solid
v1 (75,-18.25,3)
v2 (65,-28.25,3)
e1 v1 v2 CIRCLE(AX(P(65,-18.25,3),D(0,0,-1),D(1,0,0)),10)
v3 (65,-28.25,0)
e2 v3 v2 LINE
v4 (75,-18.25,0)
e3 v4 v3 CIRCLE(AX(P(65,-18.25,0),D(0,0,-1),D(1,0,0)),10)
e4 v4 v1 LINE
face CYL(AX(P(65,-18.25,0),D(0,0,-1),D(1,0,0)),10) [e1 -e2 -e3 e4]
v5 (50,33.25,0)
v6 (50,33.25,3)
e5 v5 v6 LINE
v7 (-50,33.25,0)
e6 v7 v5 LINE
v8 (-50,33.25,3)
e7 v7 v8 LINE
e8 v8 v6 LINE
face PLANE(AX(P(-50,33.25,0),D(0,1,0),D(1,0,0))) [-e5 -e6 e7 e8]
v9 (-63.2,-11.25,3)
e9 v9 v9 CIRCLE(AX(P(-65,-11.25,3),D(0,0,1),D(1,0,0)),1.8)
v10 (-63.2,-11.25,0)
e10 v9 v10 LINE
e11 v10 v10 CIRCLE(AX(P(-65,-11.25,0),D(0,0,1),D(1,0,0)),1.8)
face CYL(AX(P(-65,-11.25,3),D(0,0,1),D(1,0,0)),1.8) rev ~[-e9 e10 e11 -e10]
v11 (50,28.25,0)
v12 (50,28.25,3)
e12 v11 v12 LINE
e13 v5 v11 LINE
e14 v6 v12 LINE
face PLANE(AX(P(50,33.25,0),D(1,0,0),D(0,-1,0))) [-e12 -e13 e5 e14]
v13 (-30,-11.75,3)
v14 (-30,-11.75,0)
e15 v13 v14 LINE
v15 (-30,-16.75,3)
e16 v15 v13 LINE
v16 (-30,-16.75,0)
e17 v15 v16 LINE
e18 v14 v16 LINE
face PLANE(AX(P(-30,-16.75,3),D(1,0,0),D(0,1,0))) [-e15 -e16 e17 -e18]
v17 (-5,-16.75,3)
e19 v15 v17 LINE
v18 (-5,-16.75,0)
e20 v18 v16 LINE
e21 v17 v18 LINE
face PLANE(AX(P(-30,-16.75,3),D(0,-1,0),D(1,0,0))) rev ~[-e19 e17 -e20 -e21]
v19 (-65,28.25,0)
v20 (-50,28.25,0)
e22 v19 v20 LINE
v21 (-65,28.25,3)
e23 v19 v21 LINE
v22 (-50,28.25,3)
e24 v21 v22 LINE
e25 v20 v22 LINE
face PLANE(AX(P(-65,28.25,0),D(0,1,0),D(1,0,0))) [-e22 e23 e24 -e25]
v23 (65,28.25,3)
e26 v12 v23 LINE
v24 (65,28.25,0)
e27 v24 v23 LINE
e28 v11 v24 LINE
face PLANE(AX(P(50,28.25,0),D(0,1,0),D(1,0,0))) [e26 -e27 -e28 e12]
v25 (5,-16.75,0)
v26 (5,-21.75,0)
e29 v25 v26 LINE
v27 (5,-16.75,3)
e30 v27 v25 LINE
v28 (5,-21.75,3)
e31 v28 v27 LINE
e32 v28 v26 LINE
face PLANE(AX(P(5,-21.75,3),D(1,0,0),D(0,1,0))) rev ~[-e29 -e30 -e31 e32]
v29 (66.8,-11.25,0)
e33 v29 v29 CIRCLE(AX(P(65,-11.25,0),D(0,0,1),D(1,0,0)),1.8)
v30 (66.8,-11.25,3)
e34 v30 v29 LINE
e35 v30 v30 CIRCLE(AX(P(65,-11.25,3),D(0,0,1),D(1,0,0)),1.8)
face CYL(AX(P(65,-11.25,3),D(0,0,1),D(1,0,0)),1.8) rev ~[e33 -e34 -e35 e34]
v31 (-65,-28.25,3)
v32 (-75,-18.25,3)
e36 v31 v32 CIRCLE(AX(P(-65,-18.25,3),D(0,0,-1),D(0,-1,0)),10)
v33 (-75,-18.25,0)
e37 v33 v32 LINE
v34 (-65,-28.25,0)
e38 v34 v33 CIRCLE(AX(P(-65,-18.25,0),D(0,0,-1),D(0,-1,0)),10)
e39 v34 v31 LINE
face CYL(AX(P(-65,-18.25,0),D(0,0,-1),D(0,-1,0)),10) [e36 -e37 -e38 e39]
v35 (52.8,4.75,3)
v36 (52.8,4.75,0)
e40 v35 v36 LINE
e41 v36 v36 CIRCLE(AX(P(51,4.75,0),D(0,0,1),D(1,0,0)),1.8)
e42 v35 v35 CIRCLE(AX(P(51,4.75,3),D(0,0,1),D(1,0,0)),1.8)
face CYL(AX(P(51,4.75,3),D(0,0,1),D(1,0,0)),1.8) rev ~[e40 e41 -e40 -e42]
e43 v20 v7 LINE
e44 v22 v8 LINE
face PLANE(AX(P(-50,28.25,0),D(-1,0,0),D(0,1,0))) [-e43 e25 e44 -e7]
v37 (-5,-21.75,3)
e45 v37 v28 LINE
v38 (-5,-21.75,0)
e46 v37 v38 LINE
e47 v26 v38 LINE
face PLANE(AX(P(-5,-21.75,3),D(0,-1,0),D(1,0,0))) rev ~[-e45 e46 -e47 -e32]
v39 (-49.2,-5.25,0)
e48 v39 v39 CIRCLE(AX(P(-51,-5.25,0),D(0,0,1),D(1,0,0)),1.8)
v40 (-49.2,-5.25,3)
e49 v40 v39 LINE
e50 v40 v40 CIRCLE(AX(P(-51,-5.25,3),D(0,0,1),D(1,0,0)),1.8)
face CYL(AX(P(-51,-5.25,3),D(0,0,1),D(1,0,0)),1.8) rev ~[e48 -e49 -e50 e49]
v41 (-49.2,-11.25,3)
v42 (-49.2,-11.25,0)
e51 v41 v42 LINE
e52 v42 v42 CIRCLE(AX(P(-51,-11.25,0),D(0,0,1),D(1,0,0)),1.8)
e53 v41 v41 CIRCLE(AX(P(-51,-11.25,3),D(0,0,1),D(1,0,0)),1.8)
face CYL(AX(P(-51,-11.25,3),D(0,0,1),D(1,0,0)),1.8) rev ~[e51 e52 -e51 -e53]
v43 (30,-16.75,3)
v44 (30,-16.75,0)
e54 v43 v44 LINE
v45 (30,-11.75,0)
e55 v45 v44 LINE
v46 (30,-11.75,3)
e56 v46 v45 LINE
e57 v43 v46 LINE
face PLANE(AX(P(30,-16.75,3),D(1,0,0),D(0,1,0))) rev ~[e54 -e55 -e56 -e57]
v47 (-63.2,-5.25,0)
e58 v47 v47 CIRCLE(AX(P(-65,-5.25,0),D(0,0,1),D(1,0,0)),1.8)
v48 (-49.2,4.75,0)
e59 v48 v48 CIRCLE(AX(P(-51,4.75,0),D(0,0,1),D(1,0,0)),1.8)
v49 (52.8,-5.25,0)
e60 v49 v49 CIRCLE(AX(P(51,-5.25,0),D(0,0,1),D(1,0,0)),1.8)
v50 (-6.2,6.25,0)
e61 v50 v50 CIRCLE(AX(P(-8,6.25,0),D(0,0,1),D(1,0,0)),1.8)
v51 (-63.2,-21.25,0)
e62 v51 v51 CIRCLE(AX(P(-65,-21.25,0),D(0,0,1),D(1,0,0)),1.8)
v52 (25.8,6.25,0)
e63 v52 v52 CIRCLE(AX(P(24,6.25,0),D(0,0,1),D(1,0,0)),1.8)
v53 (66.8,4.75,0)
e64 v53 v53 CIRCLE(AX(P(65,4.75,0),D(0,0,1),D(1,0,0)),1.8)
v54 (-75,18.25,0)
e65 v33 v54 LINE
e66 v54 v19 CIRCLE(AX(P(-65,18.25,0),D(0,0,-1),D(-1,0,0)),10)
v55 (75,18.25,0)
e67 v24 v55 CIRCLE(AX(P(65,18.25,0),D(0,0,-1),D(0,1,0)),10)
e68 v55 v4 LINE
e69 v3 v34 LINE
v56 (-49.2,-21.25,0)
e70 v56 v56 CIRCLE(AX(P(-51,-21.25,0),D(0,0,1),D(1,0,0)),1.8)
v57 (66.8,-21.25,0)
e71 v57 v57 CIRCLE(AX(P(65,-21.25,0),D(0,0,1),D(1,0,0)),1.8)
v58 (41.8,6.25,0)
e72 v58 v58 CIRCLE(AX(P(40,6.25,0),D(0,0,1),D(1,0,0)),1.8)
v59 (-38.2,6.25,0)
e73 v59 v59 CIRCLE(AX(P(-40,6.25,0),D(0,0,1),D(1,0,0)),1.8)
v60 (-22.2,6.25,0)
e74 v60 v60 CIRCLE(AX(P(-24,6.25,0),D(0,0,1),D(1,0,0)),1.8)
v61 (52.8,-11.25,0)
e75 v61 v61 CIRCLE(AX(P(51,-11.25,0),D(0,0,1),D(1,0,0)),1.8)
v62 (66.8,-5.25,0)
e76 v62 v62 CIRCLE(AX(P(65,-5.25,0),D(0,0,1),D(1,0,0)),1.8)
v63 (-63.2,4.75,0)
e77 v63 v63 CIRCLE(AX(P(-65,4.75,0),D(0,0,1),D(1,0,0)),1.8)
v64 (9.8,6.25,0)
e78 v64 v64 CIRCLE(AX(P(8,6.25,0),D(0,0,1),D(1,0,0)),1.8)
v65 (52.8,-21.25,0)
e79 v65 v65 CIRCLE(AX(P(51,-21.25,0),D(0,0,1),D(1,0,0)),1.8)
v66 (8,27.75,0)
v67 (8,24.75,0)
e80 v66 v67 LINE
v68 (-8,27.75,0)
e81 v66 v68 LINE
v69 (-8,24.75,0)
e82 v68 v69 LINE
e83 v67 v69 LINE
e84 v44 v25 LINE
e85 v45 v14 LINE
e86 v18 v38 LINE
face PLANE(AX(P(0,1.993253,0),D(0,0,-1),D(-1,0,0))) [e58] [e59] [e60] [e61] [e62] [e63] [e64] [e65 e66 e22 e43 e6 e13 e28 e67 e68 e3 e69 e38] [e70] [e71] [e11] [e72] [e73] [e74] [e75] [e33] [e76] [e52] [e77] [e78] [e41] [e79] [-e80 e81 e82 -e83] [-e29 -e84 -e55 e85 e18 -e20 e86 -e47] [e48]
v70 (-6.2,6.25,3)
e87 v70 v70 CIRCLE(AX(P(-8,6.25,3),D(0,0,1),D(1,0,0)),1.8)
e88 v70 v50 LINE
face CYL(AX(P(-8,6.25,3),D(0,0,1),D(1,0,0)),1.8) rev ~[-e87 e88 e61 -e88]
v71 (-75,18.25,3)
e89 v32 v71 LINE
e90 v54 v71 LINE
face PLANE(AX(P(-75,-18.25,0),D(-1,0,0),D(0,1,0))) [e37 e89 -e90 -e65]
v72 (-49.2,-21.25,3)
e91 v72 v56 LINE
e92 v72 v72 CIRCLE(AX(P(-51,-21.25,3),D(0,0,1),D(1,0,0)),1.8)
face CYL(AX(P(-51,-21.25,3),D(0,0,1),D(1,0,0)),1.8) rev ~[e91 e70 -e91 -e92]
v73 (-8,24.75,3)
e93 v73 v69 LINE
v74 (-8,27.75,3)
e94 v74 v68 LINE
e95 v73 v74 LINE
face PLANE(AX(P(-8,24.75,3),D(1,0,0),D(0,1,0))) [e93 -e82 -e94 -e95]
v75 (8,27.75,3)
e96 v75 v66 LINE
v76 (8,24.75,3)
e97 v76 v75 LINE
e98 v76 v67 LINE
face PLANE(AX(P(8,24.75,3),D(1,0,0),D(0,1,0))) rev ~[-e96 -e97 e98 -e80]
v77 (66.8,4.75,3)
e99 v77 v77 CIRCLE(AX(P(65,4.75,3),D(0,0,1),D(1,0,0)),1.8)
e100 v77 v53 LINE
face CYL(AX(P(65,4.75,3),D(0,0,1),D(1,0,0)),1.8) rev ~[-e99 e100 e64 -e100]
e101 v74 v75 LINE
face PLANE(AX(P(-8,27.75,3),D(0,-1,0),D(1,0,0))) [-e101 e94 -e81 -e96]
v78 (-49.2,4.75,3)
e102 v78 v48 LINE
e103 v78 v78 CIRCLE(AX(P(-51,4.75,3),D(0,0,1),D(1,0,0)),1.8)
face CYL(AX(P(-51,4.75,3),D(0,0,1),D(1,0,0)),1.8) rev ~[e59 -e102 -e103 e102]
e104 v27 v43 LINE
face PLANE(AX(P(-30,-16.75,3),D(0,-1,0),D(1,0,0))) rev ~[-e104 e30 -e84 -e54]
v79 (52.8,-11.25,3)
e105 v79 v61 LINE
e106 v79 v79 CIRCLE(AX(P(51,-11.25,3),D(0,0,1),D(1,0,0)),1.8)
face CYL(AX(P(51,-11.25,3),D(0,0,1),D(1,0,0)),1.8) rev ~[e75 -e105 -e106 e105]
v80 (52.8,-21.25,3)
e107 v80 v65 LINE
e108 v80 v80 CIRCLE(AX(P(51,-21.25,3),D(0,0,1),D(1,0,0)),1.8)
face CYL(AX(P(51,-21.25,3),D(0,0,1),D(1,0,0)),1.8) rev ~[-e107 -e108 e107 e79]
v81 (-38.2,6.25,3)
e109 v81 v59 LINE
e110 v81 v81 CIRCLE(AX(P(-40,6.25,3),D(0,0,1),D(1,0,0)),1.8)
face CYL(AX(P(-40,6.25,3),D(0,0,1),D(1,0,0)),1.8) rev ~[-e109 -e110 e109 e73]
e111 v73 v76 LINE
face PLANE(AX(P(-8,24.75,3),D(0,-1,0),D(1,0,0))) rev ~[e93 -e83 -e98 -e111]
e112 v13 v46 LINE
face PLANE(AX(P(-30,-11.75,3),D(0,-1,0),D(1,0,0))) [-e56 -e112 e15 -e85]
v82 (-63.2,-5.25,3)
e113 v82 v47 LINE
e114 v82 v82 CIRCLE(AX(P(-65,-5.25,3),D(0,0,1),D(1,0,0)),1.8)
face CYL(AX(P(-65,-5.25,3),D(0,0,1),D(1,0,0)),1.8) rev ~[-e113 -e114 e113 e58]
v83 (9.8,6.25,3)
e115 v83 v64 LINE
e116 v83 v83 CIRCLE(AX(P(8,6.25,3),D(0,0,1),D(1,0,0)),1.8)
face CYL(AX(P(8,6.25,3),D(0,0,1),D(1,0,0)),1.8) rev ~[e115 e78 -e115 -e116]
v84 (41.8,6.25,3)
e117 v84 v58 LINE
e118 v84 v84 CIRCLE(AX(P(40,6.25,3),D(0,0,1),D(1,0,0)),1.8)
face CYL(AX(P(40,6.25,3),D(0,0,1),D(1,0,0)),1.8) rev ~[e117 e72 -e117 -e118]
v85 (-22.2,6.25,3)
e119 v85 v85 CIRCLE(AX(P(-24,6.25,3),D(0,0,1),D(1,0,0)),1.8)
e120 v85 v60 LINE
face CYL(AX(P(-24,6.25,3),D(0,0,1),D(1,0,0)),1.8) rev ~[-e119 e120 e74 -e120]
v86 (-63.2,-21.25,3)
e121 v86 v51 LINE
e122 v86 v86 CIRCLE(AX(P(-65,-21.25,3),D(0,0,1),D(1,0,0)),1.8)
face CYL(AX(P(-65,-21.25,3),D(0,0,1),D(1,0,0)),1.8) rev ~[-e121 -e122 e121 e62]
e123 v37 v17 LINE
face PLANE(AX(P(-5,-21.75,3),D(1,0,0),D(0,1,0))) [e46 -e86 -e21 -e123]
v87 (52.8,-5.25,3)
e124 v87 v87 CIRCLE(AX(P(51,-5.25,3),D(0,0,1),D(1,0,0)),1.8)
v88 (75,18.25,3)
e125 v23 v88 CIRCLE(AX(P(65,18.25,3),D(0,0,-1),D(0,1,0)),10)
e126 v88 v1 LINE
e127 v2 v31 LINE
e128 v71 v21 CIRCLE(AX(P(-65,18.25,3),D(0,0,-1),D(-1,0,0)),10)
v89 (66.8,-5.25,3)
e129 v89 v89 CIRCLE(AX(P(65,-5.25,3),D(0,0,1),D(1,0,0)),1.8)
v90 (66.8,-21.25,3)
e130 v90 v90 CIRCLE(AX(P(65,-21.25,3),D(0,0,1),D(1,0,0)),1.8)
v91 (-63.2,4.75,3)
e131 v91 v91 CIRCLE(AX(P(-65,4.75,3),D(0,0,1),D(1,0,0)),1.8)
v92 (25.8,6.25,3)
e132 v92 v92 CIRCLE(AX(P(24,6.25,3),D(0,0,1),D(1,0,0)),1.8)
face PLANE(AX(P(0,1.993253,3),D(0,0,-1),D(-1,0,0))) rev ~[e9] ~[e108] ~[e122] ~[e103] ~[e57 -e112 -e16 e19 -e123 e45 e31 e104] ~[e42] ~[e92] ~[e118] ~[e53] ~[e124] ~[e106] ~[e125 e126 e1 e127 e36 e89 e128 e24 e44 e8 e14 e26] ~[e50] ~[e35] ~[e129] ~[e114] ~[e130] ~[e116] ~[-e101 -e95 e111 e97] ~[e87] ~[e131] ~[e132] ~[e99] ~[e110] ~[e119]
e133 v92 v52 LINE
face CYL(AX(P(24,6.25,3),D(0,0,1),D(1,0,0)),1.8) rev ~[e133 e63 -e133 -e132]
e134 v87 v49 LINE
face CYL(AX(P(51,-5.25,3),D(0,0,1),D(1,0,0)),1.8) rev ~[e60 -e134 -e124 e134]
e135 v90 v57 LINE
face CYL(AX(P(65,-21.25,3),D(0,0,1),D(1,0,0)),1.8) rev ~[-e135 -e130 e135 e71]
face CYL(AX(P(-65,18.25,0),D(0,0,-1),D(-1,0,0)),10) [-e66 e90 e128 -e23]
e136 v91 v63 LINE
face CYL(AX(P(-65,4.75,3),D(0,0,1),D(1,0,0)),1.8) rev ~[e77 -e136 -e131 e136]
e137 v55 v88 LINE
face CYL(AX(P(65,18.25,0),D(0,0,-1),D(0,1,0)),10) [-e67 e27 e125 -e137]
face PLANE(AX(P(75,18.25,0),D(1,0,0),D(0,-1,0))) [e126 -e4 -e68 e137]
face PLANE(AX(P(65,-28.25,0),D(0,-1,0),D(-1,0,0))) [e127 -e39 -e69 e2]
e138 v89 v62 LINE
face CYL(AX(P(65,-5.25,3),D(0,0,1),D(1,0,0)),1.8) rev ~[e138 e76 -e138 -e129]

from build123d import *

# Parameters (mm, degrees)
BOSS_EXTRUDE1_DEPTH = 3
SKETCH2_R           = 1.8
SKETCH2_W           = 60
SKETCH2_H           = 5
SKETCH2_W_2         = 16
SKETCH2_H_2         = 3
CUT_EXTRUDE1_DEPTH  = 5
SKETCH3_W           = 10
SKETCH3_H           = 5
CUT_EXTRUDE2_DEPTH  = 10


with BuildPart() as part:
    # Sketch1 → Boss-Extrude1 (new body)
    with BuildSketch(Plane.XY):
        with BuildLine():
            Line((-65, 28.25), (-50, 28.25))
            Line((-50, 28.25), (-50, 33.25))
            Line((-50, 33.25), (50, 33.25))
            Line((50, 33.25), (50, 28.25))
            Line((50, 28.25), (65, 28.25))
            ThreePointArc((65, 28.25), (72.071067812, 25.321067812), (75, 18.25))
            Line((75, 18.25), (75, -18.25))
            ThreePointArc((75, -18.25), (72.071067812, -25.321067812), (65, -28.25))
            Line((65, -28.25), (-65, -28.25))
            ThreePointArc((-65, -28.25), (-72.071067812, -25.321067812), (-75, -18.25))
            Line((-75, -18.25), (-75, 18.25))
            ThreePointArc((-75, 18.25), (-72.071067812, 25.321067812), (-65, 28.25))
        make_face()
    extrude(amount=BOSS_EXTRUDE1_DEPTH)

    # Sketch2 → Cut-Extrude1 (cut)
    with BuildSketch(Plane.XY.offset(3)):
        with Locations((-65, -21.25)):
            Circle(SKETCH2_R)
        with Locations((-65, -11.25)):
            Circle(SKETCH2_R)
        with Locations((-65, -5.25)):
            Circle(SKETCH2_R)
        with Locations((-51, -5.25)):
            Circle(SKETCH2_R)
        with Locations((-51, -11.25)):
            Circle(SKETCH2_R)
        with Locations((-51, -21.25)):
            Circle(SKETCH2_R)
        with Locations((51, -5.25)):
            Circle(SKETCH2_R)
        with Locations((51, -11.25)):
            Circle(SKETCH2_R)
        with Locations((51, -21.25)):
            Circle(SKETCH2_R)
        with Locations((65, -21.25)):
            Circle(SKETCH2_R)
        with Locations((65, -11.25)):
            Circle(SKETCH2_R)
        with Locations((65, -5.25)):
            Circle(SKETCH2_R)
        with Locations((-65, 4.75)):
            Circle(SKETCH2_R)
        with Locations((-51, 4.75)):
            Circle(SKETCH2_R)
        with Locations((65, 4.75)):
            Circle(SKETCH2_R)
        with Locations((51, 4.75)):
            Circle(SKETCH2_R)
        with Locations((24, 6.25)):
            Circle(SKETCH2_R)
        with Locations((40, 6.25)):
            Circle(SKETCH2_R)
        with Locations((-40, 6.25)):
            Circle(SKETCH2_R)
        with Locations((-24, 6.25)):
            Circle(SKETCH2_R)
        with Locations((8, 6.25)):
            Circle(SKETCH2_R)
        with Locations((-8, 6.25)):
            Circle(SKETCH2_R)
        with Locations((0, -14.25)):
            Rectangle(SKETCH2_W, SKETCH2_H)
        with Locations((0, 26.25)):
            Rectangle(SKETCH2_W_2, SKETCH2_H_2)
    extrude(amount=-CUT_EXTRUDE1_DEPTH, mode=Mode.SUBTRACT)

    # Sketch3 → Cut-Extrude2 (cut)
    with BuildSketch(Plane.XY.offset(3)):
        with Locations((0, -19.25)):
            Rectangle(SKETCH3_W, SKETCH3_H)
    extrude(amount=-CUT_EXTRUDE2_DEPTH, mode=Mode.SUBTRACT)


solid = part.part
